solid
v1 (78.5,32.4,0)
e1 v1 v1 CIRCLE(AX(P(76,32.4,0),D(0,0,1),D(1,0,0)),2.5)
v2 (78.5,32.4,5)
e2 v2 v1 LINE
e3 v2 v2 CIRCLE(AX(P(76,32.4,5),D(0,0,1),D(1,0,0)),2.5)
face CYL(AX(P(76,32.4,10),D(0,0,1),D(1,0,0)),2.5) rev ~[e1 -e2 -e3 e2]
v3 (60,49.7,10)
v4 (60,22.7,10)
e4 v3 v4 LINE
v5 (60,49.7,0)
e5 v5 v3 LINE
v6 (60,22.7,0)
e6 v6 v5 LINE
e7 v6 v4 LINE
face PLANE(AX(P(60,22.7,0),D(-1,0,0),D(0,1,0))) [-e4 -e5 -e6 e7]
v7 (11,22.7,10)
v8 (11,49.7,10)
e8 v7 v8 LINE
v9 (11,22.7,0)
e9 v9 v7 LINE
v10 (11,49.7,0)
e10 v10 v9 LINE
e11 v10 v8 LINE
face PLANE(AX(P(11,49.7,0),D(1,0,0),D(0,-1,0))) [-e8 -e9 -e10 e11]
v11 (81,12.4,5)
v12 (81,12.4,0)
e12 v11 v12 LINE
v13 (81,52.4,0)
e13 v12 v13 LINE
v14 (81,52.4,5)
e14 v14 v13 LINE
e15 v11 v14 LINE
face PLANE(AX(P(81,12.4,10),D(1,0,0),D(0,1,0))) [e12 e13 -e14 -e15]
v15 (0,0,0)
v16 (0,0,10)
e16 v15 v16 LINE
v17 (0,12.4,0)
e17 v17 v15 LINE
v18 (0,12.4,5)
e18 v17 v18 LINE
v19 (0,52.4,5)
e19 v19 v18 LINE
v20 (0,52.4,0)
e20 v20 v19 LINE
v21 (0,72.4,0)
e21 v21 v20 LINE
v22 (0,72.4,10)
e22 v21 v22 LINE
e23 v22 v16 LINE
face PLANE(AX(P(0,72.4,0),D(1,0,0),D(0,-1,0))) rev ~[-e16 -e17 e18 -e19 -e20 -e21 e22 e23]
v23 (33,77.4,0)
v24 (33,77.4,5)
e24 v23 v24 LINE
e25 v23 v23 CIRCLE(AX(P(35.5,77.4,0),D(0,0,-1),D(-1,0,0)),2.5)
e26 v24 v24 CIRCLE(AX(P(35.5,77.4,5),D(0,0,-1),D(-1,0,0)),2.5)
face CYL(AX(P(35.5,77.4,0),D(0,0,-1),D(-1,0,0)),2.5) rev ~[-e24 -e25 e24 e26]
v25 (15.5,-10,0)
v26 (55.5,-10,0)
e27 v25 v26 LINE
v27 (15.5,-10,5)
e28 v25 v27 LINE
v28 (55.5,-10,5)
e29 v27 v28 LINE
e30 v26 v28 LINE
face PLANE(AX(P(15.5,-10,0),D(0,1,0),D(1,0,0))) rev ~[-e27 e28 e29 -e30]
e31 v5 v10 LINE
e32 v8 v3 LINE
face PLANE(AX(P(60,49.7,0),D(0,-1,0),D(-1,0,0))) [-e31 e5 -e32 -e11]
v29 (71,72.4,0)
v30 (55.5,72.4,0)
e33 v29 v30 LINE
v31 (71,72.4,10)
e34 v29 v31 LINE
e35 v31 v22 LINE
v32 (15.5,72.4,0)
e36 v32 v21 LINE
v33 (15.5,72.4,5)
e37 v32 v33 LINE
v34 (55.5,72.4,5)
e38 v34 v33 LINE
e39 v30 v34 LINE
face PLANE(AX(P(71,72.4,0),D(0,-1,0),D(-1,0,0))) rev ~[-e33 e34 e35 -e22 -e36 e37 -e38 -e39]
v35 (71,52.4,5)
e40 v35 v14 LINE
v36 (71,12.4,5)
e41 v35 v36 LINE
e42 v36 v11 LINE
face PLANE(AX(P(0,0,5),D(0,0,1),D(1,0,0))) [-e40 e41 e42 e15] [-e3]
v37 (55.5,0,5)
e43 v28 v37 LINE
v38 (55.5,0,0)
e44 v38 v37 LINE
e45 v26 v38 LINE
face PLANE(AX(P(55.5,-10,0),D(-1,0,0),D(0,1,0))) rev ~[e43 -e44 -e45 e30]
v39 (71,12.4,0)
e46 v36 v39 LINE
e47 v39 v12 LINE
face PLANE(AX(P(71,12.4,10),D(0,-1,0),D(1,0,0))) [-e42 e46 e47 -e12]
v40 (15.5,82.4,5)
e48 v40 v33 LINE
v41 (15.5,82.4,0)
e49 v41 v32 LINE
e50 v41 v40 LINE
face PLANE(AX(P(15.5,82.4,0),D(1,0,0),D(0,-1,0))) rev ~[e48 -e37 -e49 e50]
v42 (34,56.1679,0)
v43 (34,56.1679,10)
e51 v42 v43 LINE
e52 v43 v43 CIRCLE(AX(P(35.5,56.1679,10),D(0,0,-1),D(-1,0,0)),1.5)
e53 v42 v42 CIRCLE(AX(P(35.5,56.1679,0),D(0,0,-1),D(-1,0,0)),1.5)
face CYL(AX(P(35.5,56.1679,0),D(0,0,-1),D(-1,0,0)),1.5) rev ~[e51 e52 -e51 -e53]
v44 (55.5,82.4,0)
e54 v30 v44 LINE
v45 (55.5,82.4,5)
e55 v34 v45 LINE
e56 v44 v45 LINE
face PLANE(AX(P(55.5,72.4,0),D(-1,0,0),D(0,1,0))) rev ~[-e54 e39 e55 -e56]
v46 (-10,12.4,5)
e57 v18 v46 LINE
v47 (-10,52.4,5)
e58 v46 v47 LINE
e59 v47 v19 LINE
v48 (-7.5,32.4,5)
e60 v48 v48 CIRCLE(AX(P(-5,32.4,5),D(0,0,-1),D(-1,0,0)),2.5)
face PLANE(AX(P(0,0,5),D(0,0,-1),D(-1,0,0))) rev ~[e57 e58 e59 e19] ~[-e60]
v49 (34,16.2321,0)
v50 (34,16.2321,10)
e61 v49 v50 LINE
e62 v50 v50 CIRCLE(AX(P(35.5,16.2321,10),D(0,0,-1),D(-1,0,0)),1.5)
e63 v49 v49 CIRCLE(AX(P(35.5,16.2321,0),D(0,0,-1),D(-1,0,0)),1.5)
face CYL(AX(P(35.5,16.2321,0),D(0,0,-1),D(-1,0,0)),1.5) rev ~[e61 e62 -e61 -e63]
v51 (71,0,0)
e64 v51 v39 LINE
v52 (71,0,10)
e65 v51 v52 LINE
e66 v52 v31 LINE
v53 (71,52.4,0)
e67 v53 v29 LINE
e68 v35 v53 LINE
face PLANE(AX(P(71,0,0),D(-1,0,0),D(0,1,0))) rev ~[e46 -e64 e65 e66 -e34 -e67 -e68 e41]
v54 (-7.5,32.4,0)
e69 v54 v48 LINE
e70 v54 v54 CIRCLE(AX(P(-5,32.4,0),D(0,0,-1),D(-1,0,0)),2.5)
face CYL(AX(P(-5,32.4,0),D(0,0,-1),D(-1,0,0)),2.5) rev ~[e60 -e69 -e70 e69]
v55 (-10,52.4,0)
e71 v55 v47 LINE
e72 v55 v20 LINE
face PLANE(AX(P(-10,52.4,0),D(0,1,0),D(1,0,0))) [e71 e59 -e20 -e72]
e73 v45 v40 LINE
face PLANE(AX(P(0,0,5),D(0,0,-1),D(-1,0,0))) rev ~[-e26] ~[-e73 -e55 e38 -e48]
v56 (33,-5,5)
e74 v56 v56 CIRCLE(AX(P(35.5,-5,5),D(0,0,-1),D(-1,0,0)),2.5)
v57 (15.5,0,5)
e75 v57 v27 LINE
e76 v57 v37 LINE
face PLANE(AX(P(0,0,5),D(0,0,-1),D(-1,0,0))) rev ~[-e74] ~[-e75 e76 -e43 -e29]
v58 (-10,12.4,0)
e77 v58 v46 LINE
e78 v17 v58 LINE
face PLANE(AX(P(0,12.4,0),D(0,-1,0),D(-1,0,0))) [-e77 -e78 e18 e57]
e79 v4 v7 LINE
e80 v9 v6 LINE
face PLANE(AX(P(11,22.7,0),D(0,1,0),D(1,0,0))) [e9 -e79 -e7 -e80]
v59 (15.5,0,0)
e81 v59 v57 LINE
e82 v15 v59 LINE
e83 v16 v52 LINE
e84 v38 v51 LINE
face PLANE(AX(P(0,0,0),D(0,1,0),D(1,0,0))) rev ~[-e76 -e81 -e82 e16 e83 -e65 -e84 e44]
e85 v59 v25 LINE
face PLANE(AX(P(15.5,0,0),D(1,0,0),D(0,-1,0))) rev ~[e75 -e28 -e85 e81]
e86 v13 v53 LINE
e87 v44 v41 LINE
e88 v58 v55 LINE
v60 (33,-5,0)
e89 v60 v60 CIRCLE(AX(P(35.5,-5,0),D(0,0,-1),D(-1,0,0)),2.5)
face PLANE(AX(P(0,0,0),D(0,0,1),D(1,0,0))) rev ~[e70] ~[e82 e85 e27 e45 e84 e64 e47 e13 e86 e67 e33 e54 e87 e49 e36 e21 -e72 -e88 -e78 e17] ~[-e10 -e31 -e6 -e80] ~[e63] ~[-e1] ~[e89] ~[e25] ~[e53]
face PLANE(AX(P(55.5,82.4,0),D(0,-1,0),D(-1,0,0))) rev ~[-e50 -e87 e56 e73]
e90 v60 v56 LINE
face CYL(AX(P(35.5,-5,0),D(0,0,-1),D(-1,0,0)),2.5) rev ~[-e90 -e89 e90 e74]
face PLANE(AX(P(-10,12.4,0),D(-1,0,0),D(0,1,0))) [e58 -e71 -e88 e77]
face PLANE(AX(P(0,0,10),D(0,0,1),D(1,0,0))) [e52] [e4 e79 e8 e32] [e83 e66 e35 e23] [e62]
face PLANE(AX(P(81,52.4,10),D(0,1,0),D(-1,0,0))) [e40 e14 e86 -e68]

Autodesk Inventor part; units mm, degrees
ref_plane "YZ Plane" through (0, 0, 0) normal (1, 0, 0) x (0, 1, 0)
ref_plane "XZ Plane" through (0, 0, 0) normal (0, 1, 0) x (-1, 0, 0)
ref_plane "XY Plane" through (0, 0, 0) normal (0, 0, 1) x (1, 0, 0)
sketch "Sketch1" plane through (0, 0, 0) normal (0, 0, 1) x (1, 0, 0)
  line L0 (0, 0) -> (71, 0)
  line L1 (71, 0) -> (71, 72.4)
  line L2 (71, 72.4) -> (0, 72.4)
  line L3 (0, 72.4) -> (0, 0)
  dimension "d0" = 71
  dimension "d1" = 72.4
extrude "Extrusion1" add sketch "Sketch1" along normal blind 10
sketch "Sketch2" plane through (0, 0, 10) normal (0, 0, 1) x (1, 0, 0)
  line L0 (71, 0) -> (71, 72.4) projected
  line L1 (71, 12.4) -> (81, 12.4)
  line L2 (81, 12.4) -> (81, 52.4)
  line L3 (81, 52.4) -> (71, 52.4)
  line L4 (71, 52.4) -> (71, 12.4)
  line L5 (71, 72.4) -> (0, 72.4) projected
  circle A0 centre (76, 32.4) radius 2.5
  line L6 (0, 0) -> (71, 0) projected
  point P0 (81, 32.4)
  point P1 (76, 52.4)
  dimension "d4" = 10
  dimension "d5" = 40
  dimension "d7" = 5
  dimension "d53" = 20
extrude "Extrusion2" add sketch "Sketch2" against normal blind 10
sketch "Sketch3" plane through (0, 0, 10) normal (0, 0, 1) x (1, 0, 0)
  line L0 (71, 52.4) -> (81, 52.4) projected
  line L1 (71, 12.4) -> (81, 12.4) projected
  line L2 (81, 52.4) -> (71, 52.4)
  line L3 (71, 52.4) -> (71, 12.4)
  line L4 (71, 12.4) -> (81, 12.4)
  line L5 (81, 12.4) -> (81, 52.4)
  point P0 (0, 0)
extrude "Extrusion3" cut sketch "Sketch3" against normal blind 5
sketch "Sketch10" plane through (0, 0, 0) normal (0, 0, -1) x (-1, 0, 0)
  line L0 (0, 72.4) -> (0, 0) projected
  line L1 (0, 12.4) -> (10, 12.4)
  line L2 (10, 12.4) -> (10, 52.4)
  line L3 (10, 52.4) -> (0, 52.4)
  line L4 (0, 52.4) -> (0, 12.4)
  circle A0 centre (5, 32.4) radius 2.5
  point P0 (-81, 12.4)
  point P1 (10, 32.4)
  point P2 (5, 12.4)
  dimension "d40" = 10
  dimension "d41" = 40
  dimension "d42" = 5
extrude "Extrusion10" add sketch "Sketch10" against normal blind 5
sketch "Sketch11" plane through (0, 0, 0) normal (0, 0, -1) x (-1, 0, 0)
  line L0 (-71, 72.4) -> (0, 72.4) projected
  line L1 (-15.5, 72.4) -> (-55.5, 72.4)
  line L2 (-55.5, 72.4) -> (-55.5, 82.4)
  line L3 (-55.5, 82.4) -> (-15.5, 82.4)
  line L4 (-15.5, 82.4) -> (-15.5, 72.4)
  circle A0 centre (-35.5, 77.4) radius 2.5
  point P0 (0, 0)
  point P1 (-35.5, 82.4)
  point P2 (-35.5, 72.4)
  point P3 (-15.5, 77.4)
  dimension "d46" = 40
  dimension "d47" = 10
  dimension "d48" = 5
extrude "Extrusion11" add sketch "Sketch11" against normal blind 5
sketch "Sketch12" plane through (0, 0, 0) normal (0, 0, -1) x (-1, 0, 0)
  line L0 (0, 0) -> (-71, 0) projected
  line L1 (-55.5, 0) -> (-15.5, 0)
  line L2 (-15.5, 0) -> (-15.5, -10)
  line L3 (-15.5, -10) -> (-55.5, -10)
  line L4 (-55.5, -10) -> (-55.5, 0)
  circle A0 centre (-35.5, -5) radius 2.5
  point P0 (-55.5, 82.4)
  point P1 (-15.5, 82.4)
  point P2 (-35.5, -10)
  point P3 (-55.5, -5)
  dimension "d54" = 10
  dimension "d55" = 5
extrude "Extrusion12" add sketch "Sketch12" against normal blind 5
sketch "Sketch13" plane through (0, 0, 0) normal (0, 0, -1) x (-1, 0, 0)
  line L0 (-11, 22.7) -> (-60, 22.7)
  line L1 (-60, 22.7) -> (-60, 49.7)
  line L2 (-60, 49.7) -> (-11, 49.7)
  line L3 (-11, 49.7) -> (-11, 22.7)
  line L4 (0, 0) -> (-71, 0) projected
  line L5 (-71, 72.4) -> (0, 72.4) projected
  line L6 (-71, 0) -> (0, 0)
  line L7 (0, 0) -> (0, 72.4)
  line L8 (0, 72.4) -> (-71, 72.4)
  line L9 (-71, 72.4) -> (-71, 0)
  line L10 (-35.5, 56.1679) -> (-35.5, 16.2321) construction
  circle A0 centre (-35.5, 16.2321) radius 1.5
  circle A1 centre (-35.5, 56.1679) radius 1.5
  point P0 (-60, 36.2)
  point P1 (-71, 36.2)
  point P2 (-35.5, 49.7)
  point P3 (-35.5, 72.4)
  point P4 (-35.5, 36.2)
  dimension "d58" = 49
  dimension "d59" = 27
  dimension "d60" = 39.9357
  dimension "d61" = 3
  dimension "d62" = 3
extrude "Extrusion13" cut sketch "Sketch13" against normal through all contours L0 L1 L2 L3 | A0 | A1
properties part number "SP002" material "ABS Plastic"
